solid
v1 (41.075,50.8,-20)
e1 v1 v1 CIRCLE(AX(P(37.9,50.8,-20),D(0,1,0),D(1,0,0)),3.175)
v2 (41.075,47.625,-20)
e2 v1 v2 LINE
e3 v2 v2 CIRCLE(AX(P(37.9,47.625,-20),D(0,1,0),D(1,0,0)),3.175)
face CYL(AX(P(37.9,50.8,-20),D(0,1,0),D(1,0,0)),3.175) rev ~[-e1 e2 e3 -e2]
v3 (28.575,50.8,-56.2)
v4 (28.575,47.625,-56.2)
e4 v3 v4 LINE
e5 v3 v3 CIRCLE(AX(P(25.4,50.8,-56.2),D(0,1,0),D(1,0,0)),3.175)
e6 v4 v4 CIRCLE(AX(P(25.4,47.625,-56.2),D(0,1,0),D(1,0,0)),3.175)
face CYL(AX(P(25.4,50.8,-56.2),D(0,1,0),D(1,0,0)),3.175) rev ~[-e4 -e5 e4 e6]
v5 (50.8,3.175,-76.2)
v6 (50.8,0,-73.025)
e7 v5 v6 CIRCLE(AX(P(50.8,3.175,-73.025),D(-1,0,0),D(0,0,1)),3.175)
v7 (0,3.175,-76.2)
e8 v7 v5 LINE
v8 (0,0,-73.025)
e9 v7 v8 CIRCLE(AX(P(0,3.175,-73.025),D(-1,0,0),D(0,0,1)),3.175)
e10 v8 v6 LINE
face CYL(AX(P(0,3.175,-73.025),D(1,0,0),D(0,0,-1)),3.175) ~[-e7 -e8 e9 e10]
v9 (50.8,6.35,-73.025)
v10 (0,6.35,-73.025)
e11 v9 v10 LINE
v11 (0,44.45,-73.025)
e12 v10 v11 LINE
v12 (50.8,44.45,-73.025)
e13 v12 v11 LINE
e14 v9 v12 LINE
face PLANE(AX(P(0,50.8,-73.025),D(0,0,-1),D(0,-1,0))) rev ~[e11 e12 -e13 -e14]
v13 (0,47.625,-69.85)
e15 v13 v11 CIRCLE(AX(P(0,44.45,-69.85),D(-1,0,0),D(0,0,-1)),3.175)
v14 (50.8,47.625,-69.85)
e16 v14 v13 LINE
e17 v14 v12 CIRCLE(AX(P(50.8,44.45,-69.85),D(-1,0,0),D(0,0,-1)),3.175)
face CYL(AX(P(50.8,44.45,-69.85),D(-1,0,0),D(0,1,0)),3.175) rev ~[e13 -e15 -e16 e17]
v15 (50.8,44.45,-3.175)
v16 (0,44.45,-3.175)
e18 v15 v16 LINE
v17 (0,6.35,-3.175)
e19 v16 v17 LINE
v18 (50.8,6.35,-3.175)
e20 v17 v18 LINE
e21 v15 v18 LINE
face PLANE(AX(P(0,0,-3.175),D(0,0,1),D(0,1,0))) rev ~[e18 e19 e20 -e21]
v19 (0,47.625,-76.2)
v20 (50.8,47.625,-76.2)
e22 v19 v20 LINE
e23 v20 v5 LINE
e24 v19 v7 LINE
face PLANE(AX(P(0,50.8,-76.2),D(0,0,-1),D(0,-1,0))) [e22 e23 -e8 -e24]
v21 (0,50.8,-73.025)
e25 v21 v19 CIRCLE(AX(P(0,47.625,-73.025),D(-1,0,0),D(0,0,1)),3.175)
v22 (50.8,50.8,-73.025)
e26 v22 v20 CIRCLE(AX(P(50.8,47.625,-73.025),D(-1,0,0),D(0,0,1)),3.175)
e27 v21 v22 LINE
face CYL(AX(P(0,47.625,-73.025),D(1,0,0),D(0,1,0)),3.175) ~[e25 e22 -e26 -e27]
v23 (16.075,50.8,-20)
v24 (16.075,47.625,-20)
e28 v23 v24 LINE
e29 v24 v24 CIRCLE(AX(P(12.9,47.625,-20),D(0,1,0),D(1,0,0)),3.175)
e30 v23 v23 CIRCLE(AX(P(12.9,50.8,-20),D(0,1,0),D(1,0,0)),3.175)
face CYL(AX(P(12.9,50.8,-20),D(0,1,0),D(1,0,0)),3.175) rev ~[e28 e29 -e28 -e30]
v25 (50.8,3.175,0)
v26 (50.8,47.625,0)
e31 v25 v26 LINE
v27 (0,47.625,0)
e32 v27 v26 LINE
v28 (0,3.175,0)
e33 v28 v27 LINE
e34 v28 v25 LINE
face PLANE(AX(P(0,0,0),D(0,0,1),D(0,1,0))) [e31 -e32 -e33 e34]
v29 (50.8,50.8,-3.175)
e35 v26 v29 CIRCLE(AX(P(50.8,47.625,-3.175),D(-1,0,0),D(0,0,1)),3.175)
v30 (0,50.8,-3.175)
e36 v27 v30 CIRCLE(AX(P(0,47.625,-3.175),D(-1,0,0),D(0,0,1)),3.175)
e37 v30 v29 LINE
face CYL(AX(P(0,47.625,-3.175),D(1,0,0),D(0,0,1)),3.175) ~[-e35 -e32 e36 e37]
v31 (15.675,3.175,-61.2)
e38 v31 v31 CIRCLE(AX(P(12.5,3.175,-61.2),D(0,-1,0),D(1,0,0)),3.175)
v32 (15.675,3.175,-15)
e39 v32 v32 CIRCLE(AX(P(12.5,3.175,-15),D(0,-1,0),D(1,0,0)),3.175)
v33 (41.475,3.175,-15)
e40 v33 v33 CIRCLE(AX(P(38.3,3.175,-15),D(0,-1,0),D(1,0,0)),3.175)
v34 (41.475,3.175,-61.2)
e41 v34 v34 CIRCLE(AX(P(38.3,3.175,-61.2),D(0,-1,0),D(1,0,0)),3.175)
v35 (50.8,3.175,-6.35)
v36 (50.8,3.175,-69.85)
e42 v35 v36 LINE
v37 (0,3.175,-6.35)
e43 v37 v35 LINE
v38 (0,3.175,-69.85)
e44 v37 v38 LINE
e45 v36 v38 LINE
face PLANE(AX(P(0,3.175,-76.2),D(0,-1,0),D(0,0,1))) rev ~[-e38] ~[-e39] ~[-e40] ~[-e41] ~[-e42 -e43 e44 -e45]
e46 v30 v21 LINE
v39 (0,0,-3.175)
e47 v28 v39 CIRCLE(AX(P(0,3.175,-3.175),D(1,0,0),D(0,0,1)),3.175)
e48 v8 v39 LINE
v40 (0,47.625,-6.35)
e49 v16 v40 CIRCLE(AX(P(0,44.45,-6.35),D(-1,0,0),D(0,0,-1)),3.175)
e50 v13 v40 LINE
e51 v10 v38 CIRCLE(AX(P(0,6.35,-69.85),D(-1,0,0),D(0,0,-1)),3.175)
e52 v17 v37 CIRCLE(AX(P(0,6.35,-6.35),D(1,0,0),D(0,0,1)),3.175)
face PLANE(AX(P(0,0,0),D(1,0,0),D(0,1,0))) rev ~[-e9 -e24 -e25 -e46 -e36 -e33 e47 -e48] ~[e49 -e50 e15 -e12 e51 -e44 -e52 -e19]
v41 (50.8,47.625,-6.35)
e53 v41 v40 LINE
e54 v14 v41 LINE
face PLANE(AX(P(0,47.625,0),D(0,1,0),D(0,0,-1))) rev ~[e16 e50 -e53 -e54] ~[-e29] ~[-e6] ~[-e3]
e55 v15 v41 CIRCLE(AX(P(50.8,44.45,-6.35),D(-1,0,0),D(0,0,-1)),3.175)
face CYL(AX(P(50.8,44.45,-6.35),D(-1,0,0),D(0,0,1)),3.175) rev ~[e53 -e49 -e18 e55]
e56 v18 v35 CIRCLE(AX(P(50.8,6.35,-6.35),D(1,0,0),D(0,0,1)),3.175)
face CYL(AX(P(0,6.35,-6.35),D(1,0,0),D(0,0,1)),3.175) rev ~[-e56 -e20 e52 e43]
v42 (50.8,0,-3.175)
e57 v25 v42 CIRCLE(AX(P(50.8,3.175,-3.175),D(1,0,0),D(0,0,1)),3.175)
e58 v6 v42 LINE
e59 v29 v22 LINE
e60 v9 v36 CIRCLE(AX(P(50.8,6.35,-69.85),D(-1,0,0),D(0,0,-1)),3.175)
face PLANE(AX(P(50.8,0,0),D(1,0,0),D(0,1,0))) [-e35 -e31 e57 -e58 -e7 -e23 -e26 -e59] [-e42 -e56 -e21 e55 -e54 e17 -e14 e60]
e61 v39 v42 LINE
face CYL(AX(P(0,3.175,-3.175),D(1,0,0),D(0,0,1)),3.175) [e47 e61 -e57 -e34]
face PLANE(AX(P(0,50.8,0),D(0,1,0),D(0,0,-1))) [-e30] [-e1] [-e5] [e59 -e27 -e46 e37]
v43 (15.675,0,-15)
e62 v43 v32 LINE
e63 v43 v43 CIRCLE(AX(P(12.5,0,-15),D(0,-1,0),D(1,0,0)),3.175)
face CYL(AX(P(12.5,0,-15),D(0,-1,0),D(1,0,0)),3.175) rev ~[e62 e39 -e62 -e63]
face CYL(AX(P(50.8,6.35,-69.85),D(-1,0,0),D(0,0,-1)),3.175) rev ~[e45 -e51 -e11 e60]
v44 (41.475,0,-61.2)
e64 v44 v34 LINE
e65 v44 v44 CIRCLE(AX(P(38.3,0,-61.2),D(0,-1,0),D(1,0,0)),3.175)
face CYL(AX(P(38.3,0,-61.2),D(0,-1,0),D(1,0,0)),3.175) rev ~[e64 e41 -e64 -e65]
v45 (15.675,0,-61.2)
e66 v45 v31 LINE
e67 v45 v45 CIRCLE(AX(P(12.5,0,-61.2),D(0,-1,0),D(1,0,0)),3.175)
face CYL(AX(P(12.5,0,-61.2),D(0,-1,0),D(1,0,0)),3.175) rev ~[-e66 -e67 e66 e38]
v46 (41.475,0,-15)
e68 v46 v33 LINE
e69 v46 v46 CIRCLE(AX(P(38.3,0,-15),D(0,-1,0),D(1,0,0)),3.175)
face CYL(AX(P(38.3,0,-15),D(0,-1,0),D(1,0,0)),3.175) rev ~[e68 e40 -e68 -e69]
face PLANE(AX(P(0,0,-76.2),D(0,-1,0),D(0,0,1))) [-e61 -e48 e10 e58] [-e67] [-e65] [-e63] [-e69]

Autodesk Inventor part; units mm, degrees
ref_plane "YZ Plane" through (0, 0, 0) normal (1, 0, 0) x (0, 1, 0)
ref_plane "XZ Plane" through (0, 0, 0) normal (0, 1, 0) x (-1, 0, 0)
ref_plane "XY Plane" through (0, 0, 0) normal (0, 0, 1) x (1, 0, 0)
sketch "Sketch1" plane through (0, 0, 0) normal (1, 0, 0) x (0, 1, 0)
  line L0 (0, 0) -> (50.8, 0)
  line L1 (50.8, 0) -> (50.8, -76.2)
  line L2 (50.8, -76.2) -> (0, -76.2)
  line L3 (0, -76.2) -> (0, 0)
  dimension "d0" = 76.2
  dimension "d1" = 50.8
extrude "Extrusion1" add sketch "Sketch1" along normal blind 50.8
shell "Shell1" thickness 3.175 removed faces 2 at (0, 33.8667, -50.8) at (50.8, 33.8667, -50.8)
fillet "Fillet1" radius 3.175 8 edges at (25.4, 3.175, -3.175) (25.4, 3.175, -73.025) (25.4, 47.625, -3.175) (25.4, 47.625, -73.025) (25.4, 50.8, 0) (25.4, 0, 0) (25.4, 50.8, -76.2) (25.4, 0, -76.2)
sketch "Sketch2" plane through (0, 0, -73.025) normal (0, -1, 0) x (1, 0, 0)
  circle A0 centre (12.5, 11.825) radius 3.175
  circle A1 centre (12.5, 58.025) radius 3.175
  circle A2 centre (38.3, 11.825) radius 3.175
  circle A3 centre (38.3, 58.025) radius 3.175
  line L0 (12.5, 11.825) -> (38.3, 11.825) construction
  line L1 (38.3, 11.825) -> (38.3, 58.025) construction
  line L2 (38.3, 58.025) -> (12.5, 58.025) construction
  line L3 (12.5, 58.025) -> (12.5, 11.825) construction
  line L4 (0, 73.025) -> (50.8, 73.025) construction
  line L5 (50.8, 73.025) -> (50.8, -3.175) construction
  line L6 (50.8, -3.175) -> (0, -3.175) construction
  line L7 (0, -3.175) -> (0, 73.025) construction
  point P0 (25.4, 58.025)
  point P1 (25.4, 73.025)
  point P2 (12.5, 34.925)
  point P3 (0, 34.925)
  dimension "d6" = 6.35
  dimension "d7" = 50.8
  dimension "d8" = 76.2
  dimension "d10" = 12.5
  dimension "d11" = 15
extrude "Extrusion2" cut sketch "Sketch2" against normal up to surface (3.175 mm away)
sketch "Sketch3" plane through (0, 50.8, -3.175) normal (0, 1, 0) x (1, 0, 0)
  line L0 (0, -3.175) -> (50.8, -3.175) construction
  line L1 (50.8, -3.175) -> (50.8, 73.025) construction
  line L2 (50.8, 73.025) -> (0, 73.025) construction
  line L3 (0, 73.025) -> (0, -3.175) construction
  line L4 (47.625, 73.025) -> (47.625, -3.175) construction
  line L5 (3.175, -3.175) -> (3.175, 73.025) construction
  line L6 (47.625, 34.925) -> (50.8, 34.925) construction
  line L7 (3.175, 34.925) -> (0, 34.925) construction
  line L8 (37.9, 53.025) -> (12.9, 53.025) construction
  line L9 (12.9, 53.025) -> (12.9, 16.825) construction
  line L10 (12.9, 16.825) -> (37.9, 16.825) construction
  line L11 (37.9, 16.825) -> (37.9, 53.025) construction
  circle A0 centre (25.4, 53.025) radius 3.175
  circle A1 centre (12.9, 16.825) radius 3.175
  circle A2 centre (37.9, 16.825) radius 3.175
  line L12 (25.4, 16.825) -> (25.4, -3.175) construction
  line L13 (25.4, 53.025) -> (25.4, 73.025) construction
  dimension "d14" = 3.175
  dimension "d15" = 76.2
  dimension "d16" = 50.8
  dimension "d17" = 6.35
  dimension "d19" = 25
  dimension "d20" = 20
extrude "Extrusion3" cut sketch "Sketch3" against normal up to surface (3.175 mm away)
properties part number "3x2_Bar" material "Steel, Mild"
